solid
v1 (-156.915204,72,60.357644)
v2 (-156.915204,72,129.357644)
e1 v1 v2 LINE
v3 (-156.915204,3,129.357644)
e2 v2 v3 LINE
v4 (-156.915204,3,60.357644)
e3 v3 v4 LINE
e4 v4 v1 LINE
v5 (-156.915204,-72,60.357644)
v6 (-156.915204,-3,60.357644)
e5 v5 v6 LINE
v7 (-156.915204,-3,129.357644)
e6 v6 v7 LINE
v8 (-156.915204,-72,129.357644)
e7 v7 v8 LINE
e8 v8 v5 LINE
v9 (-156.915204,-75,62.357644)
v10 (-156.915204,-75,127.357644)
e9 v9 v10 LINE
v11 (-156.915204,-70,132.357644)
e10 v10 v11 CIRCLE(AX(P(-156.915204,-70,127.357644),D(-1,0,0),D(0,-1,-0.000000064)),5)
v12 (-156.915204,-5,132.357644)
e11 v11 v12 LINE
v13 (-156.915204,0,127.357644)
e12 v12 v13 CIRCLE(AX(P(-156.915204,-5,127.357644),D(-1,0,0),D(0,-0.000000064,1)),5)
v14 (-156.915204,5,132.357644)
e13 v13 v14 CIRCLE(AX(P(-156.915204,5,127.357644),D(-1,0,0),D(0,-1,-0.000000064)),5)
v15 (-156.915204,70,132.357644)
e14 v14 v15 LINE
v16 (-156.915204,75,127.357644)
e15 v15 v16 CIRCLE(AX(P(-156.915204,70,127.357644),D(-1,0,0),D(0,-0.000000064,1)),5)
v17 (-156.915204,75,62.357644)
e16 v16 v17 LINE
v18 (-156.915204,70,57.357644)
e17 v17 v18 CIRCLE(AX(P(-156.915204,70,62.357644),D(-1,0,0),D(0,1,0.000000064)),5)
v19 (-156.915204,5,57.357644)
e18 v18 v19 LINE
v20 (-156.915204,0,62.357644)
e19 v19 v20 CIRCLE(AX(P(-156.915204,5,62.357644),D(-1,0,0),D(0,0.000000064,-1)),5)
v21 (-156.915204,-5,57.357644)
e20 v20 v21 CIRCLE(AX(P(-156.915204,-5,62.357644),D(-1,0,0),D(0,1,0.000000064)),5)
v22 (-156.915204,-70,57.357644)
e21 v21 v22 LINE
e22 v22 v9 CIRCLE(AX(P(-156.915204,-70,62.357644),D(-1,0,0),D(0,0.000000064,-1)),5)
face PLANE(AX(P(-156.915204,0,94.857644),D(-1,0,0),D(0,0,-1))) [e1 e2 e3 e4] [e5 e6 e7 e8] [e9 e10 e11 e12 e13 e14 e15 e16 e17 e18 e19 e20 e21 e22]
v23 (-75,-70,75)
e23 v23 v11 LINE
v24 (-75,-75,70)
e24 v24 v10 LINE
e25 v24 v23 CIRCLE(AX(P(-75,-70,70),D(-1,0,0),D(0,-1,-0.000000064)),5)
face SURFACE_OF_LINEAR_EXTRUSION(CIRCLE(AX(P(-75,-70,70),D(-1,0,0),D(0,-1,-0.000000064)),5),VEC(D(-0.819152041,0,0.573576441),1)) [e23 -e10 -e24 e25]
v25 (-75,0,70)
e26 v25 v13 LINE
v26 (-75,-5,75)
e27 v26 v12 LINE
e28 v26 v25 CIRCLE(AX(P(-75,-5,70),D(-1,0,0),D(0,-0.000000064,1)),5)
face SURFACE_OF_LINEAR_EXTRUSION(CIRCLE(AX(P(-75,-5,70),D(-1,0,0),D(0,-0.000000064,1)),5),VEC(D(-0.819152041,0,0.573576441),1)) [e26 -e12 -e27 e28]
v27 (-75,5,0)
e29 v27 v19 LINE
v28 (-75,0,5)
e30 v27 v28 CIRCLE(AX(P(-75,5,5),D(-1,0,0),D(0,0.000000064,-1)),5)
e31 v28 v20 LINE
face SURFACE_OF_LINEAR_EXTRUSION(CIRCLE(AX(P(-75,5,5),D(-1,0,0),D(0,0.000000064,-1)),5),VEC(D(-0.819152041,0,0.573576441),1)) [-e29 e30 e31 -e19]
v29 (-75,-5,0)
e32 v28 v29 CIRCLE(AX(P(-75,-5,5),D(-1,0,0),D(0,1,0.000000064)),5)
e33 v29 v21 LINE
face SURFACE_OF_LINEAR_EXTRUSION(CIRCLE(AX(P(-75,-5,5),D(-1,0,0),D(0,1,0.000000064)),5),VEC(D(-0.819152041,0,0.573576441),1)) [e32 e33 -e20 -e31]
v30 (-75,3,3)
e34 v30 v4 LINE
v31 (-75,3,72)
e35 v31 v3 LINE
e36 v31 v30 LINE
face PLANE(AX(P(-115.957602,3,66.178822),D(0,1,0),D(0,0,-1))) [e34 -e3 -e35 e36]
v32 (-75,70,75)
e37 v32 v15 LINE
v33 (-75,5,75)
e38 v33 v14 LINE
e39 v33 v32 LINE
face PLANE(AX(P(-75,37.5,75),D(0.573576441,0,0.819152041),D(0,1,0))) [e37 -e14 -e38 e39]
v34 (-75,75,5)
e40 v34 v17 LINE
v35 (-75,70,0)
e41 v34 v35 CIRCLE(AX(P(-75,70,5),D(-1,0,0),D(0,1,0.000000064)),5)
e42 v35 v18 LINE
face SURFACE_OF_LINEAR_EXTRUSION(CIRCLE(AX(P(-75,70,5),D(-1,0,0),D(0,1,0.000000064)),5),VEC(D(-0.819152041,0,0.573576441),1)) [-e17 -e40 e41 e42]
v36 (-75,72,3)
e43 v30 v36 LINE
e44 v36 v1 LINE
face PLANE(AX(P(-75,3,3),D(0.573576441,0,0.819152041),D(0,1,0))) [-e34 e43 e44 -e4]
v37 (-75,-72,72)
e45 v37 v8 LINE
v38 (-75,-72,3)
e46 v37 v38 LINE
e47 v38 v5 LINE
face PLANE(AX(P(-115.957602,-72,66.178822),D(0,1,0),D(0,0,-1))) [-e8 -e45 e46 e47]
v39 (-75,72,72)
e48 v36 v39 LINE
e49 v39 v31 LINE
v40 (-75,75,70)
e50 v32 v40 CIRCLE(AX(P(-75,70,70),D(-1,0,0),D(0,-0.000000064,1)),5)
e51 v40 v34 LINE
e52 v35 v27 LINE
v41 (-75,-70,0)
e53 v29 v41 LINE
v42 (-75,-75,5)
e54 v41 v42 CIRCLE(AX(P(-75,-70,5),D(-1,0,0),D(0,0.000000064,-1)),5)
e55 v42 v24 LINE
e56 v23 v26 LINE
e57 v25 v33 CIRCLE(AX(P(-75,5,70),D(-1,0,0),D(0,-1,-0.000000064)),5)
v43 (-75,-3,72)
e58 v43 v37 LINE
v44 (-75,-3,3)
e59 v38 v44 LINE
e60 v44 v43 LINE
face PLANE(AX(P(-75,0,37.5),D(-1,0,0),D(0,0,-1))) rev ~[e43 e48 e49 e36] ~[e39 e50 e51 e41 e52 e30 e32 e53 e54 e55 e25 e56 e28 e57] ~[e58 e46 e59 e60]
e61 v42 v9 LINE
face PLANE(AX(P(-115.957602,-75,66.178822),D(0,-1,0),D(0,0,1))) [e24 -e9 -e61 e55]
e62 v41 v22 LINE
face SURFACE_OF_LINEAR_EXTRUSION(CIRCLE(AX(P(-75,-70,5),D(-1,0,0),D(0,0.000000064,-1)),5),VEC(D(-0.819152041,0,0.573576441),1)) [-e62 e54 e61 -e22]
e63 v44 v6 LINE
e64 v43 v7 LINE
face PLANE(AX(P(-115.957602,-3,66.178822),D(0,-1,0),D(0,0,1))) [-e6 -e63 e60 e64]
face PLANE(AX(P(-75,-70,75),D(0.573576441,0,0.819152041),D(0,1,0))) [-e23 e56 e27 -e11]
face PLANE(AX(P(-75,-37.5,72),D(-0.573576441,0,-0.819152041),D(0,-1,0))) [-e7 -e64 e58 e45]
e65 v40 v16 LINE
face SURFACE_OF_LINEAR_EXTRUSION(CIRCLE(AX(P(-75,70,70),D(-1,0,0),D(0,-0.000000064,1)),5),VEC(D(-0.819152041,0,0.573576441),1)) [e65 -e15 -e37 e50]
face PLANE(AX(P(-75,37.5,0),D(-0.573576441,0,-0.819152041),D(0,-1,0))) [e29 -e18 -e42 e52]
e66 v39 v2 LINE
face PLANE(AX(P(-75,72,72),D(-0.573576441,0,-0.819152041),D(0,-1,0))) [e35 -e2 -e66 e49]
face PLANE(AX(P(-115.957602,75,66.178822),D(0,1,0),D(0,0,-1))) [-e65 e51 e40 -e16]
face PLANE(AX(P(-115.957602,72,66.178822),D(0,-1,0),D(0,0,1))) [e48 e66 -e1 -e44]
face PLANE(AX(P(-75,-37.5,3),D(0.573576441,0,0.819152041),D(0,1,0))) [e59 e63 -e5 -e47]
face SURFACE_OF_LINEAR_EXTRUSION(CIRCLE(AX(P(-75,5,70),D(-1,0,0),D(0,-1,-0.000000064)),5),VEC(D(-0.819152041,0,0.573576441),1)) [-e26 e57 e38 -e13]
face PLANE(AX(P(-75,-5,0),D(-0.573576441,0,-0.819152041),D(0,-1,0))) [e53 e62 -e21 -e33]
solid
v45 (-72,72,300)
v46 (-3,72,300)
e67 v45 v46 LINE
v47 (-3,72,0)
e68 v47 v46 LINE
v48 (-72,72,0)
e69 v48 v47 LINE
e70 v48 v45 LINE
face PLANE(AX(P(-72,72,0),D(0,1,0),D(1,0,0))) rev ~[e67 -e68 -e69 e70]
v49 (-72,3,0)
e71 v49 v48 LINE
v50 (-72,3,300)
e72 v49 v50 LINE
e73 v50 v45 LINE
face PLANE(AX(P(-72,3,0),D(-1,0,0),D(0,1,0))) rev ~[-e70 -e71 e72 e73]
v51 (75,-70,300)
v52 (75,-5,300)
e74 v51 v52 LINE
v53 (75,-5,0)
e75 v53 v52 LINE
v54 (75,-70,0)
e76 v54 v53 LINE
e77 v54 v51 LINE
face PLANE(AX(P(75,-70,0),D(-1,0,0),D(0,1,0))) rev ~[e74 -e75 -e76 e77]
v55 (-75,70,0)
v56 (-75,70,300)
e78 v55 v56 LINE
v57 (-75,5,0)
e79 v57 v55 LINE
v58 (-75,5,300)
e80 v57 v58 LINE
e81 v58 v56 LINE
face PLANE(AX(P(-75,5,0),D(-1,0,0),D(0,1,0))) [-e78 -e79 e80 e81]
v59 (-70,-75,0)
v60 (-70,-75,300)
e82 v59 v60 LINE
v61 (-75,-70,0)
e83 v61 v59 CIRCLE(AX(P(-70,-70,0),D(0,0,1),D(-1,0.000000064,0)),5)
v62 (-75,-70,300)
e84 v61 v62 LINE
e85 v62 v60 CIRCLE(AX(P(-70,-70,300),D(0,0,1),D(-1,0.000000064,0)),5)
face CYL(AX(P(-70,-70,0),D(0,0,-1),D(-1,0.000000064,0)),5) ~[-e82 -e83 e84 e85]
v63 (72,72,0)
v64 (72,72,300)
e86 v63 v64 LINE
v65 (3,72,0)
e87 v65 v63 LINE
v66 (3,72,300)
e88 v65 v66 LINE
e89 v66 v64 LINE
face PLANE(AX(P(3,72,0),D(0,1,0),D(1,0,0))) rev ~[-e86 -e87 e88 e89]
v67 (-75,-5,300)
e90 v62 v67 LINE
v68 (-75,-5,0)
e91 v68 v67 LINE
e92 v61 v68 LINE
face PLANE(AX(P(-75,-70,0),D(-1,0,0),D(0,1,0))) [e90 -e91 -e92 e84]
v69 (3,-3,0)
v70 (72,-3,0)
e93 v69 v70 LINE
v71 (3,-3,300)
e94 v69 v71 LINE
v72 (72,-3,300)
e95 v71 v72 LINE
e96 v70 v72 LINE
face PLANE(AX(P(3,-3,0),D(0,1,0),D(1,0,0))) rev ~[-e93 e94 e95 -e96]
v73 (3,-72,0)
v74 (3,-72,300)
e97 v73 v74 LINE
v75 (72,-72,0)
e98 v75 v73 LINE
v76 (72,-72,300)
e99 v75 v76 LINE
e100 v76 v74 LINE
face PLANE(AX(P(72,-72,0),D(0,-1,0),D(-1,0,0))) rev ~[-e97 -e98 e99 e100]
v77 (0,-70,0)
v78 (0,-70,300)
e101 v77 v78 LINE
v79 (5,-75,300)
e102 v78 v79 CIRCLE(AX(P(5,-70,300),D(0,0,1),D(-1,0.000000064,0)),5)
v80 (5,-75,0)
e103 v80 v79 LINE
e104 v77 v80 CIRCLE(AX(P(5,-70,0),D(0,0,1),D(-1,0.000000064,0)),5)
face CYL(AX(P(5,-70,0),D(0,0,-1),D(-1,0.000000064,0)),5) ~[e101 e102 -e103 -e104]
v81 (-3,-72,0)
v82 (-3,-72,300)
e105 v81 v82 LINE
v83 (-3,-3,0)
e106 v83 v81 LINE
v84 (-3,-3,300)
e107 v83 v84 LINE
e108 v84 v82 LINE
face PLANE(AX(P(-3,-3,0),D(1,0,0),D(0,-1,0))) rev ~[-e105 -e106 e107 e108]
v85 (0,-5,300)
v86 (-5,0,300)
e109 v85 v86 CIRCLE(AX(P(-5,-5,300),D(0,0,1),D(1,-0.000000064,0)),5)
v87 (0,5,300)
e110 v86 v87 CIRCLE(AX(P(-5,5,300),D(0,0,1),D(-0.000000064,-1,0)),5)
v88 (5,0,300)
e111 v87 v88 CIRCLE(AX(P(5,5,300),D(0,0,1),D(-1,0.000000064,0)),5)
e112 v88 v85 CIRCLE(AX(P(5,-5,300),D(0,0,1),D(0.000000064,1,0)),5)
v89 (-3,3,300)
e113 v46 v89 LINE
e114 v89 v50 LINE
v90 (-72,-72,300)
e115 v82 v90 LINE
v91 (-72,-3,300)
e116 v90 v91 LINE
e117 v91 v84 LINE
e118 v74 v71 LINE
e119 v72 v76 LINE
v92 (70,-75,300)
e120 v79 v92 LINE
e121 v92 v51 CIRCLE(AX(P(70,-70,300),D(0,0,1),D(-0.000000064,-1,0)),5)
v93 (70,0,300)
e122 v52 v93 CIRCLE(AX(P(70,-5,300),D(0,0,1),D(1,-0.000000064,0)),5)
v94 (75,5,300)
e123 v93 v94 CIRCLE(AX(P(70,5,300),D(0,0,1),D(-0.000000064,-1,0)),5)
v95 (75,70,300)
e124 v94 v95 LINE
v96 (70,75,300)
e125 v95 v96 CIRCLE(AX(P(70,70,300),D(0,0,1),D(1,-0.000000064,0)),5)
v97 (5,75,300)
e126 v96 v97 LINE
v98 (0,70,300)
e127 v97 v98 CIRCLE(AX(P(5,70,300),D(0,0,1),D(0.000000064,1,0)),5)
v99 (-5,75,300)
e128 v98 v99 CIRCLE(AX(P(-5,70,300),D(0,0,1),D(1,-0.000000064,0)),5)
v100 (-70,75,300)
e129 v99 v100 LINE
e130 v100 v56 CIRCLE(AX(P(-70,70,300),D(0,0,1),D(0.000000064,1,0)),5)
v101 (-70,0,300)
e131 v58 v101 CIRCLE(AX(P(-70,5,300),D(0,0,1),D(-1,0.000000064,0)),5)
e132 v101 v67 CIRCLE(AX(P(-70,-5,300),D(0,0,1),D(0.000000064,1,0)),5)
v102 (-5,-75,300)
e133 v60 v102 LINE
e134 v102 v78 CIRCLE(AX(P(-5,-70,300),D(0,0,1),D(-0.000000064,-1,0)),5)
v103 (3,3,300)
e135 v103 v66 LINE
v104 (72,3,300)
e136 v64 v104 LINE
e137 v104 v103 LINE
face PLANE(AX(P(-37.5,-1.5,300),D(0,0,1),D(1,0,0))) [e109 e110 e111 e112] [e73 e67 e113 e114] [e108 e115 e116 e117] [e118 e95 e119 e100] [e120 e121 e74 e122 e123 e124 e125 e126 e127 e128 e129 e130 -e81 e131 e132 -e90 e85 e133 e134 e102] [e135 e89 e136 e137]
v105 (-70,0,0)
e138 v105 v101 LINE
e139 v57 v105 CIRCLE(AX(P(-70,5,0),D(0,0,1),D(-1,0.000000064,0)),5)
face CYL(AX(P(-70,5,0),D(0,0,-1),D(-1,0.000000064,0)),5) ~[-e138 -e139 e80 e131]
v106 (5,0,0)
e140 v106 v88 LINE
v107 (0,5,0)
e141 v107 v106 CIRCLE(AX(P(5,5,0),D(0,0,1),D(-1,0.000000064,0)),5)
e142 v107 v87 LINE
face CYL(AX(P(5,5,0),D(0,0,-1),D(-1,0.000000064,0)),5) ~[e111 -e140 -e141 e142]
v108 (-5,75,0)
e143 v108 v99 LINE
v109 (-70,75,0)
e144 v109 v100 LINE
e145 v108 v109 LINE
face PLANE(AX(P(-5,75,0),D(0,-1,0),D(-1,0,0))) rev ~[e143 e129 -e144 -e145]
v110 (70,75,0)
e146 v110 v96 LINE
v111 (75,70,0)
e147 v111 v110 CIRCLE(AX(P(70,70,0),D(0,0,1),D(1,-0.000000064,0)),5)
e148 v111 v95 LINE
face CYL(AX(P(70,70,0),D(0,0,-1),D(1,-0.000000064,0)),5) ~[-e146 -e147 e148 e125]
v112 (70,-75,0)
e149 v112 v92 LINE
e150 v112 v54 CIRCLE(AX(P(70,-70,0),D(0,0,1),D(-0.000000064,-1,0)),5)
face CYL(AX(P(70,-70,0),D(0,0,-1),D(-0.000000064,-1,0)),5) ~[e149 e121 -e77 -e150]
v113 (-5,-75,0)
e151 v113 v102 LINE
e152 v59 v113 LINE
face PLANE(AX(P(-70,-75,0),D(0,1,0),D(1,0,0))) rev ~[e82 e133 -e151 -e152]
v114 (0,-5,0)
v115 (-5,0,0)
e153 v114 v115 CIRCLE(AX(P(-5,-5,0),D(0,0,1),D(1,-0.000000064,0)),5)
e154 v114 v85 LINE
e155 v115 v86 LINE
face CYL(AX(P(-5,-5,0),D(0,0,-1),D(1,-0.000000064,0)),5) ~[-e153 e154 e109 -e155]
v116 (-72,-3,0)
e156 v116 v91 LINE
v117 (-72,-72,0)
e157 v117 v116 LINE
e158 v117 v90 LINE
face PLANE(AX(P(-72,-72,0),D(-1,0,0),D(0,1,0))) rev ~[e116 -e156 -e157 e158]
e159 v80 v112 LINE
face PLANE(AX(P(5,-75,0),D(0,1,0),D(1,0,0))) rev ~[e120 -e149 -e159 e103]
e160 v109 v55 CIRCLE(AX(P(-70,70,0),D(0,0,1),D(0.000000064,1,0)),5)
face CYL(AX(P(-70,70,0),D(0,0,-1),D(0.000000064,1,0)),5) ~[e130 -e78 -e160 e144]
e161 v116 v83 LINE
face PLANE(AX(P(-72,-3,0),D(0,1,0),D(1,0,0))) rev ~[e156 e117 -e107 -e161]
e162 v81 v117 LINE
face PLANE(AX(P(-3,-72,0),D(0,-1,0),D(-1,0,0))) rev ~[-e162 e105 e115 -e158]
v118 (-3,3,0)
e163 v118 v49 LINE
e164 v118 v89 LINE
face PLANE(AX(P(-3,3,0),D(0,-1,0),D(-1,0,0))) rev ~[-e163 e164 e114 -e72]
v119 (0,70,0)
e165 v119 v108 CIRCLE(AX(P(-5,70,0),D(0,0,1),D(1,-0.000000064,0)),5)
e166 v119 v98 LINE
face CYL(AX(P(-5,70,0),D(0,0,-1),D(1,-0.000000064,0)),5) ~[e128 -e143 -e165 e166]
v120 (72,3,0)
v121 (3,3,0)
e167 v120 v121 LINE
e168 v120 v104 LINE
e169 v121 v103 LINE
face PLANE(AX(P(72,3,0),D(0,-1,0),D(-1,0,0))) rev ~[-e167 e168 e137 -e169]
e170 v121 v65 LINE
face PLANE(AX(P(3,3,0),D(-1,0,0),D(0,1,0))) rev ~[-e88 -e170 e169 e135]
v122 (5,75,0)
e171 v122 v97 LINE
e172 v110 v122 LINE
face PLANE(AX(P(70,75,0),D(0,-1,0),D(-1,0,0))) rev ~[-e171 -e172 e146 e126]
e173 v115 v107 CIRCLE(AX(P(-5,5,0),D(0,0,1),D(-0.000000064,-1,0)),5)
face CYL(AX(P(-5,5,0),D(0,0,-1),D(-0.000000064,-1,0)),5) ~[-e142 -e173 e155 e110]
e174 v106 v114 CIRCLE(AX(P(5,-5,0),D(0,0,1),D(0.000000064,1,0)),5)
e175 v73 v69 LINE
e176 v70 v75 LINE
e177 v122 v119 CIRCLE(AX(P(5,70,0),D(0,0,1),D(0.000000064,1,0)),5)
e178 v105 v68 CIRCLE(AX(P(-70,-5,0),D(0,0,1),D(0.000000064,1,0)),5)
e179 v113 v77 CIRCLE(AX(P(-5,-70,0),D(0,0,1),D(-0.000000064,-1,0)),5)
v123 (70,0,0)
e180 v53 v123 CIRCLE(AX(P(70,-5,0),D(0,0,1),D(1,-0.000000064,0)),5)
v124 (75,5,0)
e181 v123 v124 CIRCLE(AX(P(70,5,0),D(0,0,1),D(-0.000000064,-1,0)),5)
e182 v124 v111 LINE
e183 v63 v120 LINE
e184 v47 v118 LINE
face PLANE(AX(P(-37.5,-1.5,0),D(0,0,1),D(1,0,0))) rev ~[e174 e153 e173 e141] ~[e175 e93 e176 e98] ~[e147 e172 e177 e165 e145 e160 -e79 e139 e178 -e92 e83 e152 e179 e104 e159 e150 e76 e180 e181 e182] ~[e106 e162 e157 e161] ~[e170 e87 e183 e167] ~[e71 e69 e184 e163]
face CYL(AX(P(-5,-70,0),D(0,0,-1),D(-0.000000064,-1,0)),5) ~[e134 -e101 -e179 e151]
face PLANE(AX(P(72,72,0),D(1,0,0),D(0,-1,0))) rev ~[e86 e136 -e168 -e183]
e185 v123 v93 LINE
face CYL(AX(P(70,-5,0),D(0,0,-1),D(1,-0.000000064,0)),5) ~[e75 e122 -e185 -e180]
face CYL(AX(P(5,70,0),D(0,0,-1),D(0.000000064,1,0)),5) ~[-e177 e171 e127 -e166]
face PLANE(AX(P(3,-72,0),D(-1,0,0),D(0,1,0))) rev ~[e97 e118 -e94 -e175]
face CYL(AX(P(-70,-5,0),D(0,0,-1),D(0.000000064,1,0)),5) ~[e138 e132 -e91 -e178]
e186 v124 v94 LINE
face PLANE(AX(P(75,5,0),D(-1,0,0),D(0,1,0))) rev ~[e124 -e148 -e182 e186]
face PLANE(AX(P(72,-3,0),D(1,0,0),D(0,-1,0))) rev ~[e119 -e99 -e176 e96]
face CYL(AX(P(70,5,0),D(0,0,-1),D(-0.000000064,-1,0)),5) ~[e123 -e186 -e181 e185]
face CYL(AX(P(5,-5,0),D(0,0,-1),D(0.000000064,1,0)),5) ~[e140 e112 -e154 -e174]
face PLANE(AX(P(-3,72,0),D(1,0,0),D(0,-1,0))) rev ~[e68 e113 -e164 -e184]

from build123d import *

# Parameters (mm, degrees)
F0_W     = 65
F0_H     = 3
F0_W_2   = 3
F0_H_2   = 65
F1_DEPTH = 300
F3_W     = 65
F3_H     = 3
F3_W_2   = 69
F3_H_2   = 69


with BuildPart() as f1:
    # F0 (on Top) → F1 (new body)
    with BuildSketch(Plane.XY):
        with Locations((-37.5, -1.5)):
            Rectangle(F0_W, F0_H)
        with Locations((-1.5, 37.5)):
            Rectangle(F0_W_2, F0_H_2)
        with Locations((37.5, 1.5)):
            Rectangle(F0_W, F0_H)
        with Locations((37.5, -1.5)):
            Rectangle(F0_W, F0_H)
        with BuildLine():
            Line((70, 3), (70, 0))
            ThreePointArc((70, 0), (73.535534, 1.464466), (75, 5))
            Line((75, 5), (75, 70))
            ThreePointArc((75, 70), (73.535534, 73.535534), (70, 75))
            Line((70, 75), (5, 75))
            ThreePointArc((5, 75), (1.464466, 73.535534), (0, 70))
            Line((0, 70), (3, 70))
            Line((3, 70), (3, 72))
            Line((3, 72), (72, 72))
            Line((72, 72), (72, 3))
            Line((72, 3), (70, 3))
        make_face()
        with BuildLine():
            ThreePointArc((0, 5), (1.464466, 1.464466), (5, 0))
            Line((5, 0), (5, 3))
            Line((5, 3), (3, 3))
            Line((3, 3), (3, 5))
            Line((3, 5), (0, 5))
        make_face()
        with Locations((1.5, 37.5)):
            Rectangle(F0_W_2, F0_H_2)
        with BuildLine():
            ThreePointArc((-5, 0), (-1.464466, 1.464466), (0, 5))
            Line((0, 5), (-3, 5))
            Line((-3, 5), (-3, 3))
            Line((-3, 3), (-5, 3))
            Line((-5, 3), (-5, 0))
        make_face()
        with Locations((-37.5, 1.5)):
            Rectangle(F0_W, F0_H)
        with BuildLine():
            Line((-3, 70), (0, 70))
            ThreePointArc((0, 70), (-1.464466, 73.535534), (-5, 75))
            Line((-5, 75), (-70, 75))
            ThreePointArc((-70, 75), (-73.535534, 73.535534), (-75, 70))
            Line((-75, 70), (-72, 70))
            Line((-72, 70), (-72, 72))
            Line((-72, 72), (-3, 72))
            Line((-3, 72), (-3, 70))
        make_face()
        with BuildLine():
            ThreePointArc((-5, -75), (-1.464466, -73.535534), (0, -70))
            Line((0, -70), (-3, -70))
            Line((-3, -70), (-3, -72))
            Line((-3, -72), (-72, -72))
            Line((-72, -72), (-72, -70))
            Line((-72, -70), (-75, -70))
            ThreePointArc((-75, -70), (-73.535534, -73.535534), (-70, -75))
            Line((-70, -75), (-5, -75))
        make_face()
        with Locations((-1.5, -37.5)):
            Rectangle(F0_W_2, F0_H_2)
        with BuildLine():
            Line((-3, -5), (0, -5))
            ThreePointArc((0, -5), (-1.464466, -1.464466), (-5, 0))
            Line((-5, 0), (-5, -3))
            Line((-5, -3), (-3, -3))
            Line((-3, -3), (-3, -5))
        make_face()
        with BuildLine():
            Line((5, -3), (5, 0))
            ThreePointArc((5, 0), (1.464466, -1.464466), (0, -5))
            Line((0, -5), (3, -5))
            Line((3, -5), (3, -3))
            Line((3, -3), (5, -3))
        make_face()
        with Locations((1.5, -37.5)):
            Rectangle(F0_W_2, F0_H_2)
        with BuildLine():
            ThreePointArc((75, -5), (73.535534, -1.464466), (70, 0))
            Line((70, 0), (70, -3))
            Line((70, -3), (72, -3))
            Line((72, -3), (72, -72))
            Line((72, -72), (3, -72))
            Line((3, -72), (3, -70))
            Line((3, -70), (0, -70))
            ThreePointArc((0, -70), (1.464466, -73.535534), (5, -75))
            Line((5, -75), (70, -75))
            ThreePointArc((70, -75), (73.535534, -73.535534), (75, -70))
            Line((75, -70), (75, -5))
        make_face()
        with Locations((-73.5, 37.5)):
            Rectangle(F0_W_2, F0_H_2)
        with BuildLine():
            ThreePointArc((-75, 5), (-73.535534, 1.464466), (-70, 0))
            Line((-70, 0), (-70, 3))
            Line((-70, 3), (-72, 3))
            Line((-72, 3), (-72, 5))
            Line((-72, 5), (-75, 5))
        make_face()
        with BuildLine():
            Line((-70, -3), (-70, 0))
            ThreePointArc((-70, 0), (-73.535534, -1.464466), (-75, -5))
            Line((-75, -5), (-72, -5))
            Line((-72, -5), (-72, -3))
            Line((-72, -3), (-70, -3))
        make_face()
        with Locations((-73.5, -37.5)):
            Rectangle(F0_W_2, F0_H_2)
    extrude(amount=F1_DEPTH)


with BuildPart() as f4:
    # F4: sweep along a path in F2
    with BuildLine(Plane.XZ) as f4_path:
        Line((-75, 0), (-156.915204, 57.357644))
    # F3 (on face) → F4 (sweep)
    with BuildSketch(Plane(origin=(-75, 0, 0), x_dir=(0, -1, 0), z_dir=(-1, 0, 0))):
        with BuildLine():
            ThreePointArc((-75, 5), (-73.535534, 1.464466), (-70, 0))
            Line((-70, 0), (-70, 3))
            Line((-70, 3), (-72, 3))
            Line((-72, 3), (-72, 72))
            Line((-72, 72), (-70, 72))
            Line((-70, 72), (-70, 75))
            ThreePointArc((-70, 75), (-73.535534, 73.535534), (-75, 70))
            Line((-75, 70), (-75, 5))
        make_face()
        with Locations((-37.5, 73.5)):
            Rectangle(F3_W, F3_H)
        with BuildLine():
            ThreePointArc((-5, 0), (-1.464466, 1.464466), (0, 5))
            Line((0, 5), (0, 70))
            ThreePointArc((0, 70), (-1.464466, 73.535534), (-5, 75))
            Line((-5, 75), (-5, 72))
            Line((-5, 72), (-3, 72))
            Line((-3, 72), (-3, 3))
            Line((-3, 3), (-5, 3))
            Line((-5, 3), (-5, 0))
        make_face()
        with Locations((-37.5, 1.5)):
            Rectangle(F3_W, F3_H)
        with BuildLine():
            ThreePointArc((0, 5), (1.464466, 1.464466), (5, 0))
            Line((5, 0), (70, 0))
            ThreePointArc((70, 0), (73.535534, 1.464466), (75, 5))
            Line((75, 5), (75, 70))
            ThreePointArc((75, 70), (73.535534, 73.535534), (70, 75))
            Line((70, 75), (5, 75))
            ThreePointArc((5, 75), (1.464466, 73.535534), (0, 70))
            Line((0, 70), (0, 5))
        make_face()
        with Locations((37.5, 37.5)):
            Rectangle(F3_W_2, F3_H_2, mode=Mode.SUBTRACT)
    sweep(path=f4_path.line)


solid = Compound([f1.part, f4.part])
